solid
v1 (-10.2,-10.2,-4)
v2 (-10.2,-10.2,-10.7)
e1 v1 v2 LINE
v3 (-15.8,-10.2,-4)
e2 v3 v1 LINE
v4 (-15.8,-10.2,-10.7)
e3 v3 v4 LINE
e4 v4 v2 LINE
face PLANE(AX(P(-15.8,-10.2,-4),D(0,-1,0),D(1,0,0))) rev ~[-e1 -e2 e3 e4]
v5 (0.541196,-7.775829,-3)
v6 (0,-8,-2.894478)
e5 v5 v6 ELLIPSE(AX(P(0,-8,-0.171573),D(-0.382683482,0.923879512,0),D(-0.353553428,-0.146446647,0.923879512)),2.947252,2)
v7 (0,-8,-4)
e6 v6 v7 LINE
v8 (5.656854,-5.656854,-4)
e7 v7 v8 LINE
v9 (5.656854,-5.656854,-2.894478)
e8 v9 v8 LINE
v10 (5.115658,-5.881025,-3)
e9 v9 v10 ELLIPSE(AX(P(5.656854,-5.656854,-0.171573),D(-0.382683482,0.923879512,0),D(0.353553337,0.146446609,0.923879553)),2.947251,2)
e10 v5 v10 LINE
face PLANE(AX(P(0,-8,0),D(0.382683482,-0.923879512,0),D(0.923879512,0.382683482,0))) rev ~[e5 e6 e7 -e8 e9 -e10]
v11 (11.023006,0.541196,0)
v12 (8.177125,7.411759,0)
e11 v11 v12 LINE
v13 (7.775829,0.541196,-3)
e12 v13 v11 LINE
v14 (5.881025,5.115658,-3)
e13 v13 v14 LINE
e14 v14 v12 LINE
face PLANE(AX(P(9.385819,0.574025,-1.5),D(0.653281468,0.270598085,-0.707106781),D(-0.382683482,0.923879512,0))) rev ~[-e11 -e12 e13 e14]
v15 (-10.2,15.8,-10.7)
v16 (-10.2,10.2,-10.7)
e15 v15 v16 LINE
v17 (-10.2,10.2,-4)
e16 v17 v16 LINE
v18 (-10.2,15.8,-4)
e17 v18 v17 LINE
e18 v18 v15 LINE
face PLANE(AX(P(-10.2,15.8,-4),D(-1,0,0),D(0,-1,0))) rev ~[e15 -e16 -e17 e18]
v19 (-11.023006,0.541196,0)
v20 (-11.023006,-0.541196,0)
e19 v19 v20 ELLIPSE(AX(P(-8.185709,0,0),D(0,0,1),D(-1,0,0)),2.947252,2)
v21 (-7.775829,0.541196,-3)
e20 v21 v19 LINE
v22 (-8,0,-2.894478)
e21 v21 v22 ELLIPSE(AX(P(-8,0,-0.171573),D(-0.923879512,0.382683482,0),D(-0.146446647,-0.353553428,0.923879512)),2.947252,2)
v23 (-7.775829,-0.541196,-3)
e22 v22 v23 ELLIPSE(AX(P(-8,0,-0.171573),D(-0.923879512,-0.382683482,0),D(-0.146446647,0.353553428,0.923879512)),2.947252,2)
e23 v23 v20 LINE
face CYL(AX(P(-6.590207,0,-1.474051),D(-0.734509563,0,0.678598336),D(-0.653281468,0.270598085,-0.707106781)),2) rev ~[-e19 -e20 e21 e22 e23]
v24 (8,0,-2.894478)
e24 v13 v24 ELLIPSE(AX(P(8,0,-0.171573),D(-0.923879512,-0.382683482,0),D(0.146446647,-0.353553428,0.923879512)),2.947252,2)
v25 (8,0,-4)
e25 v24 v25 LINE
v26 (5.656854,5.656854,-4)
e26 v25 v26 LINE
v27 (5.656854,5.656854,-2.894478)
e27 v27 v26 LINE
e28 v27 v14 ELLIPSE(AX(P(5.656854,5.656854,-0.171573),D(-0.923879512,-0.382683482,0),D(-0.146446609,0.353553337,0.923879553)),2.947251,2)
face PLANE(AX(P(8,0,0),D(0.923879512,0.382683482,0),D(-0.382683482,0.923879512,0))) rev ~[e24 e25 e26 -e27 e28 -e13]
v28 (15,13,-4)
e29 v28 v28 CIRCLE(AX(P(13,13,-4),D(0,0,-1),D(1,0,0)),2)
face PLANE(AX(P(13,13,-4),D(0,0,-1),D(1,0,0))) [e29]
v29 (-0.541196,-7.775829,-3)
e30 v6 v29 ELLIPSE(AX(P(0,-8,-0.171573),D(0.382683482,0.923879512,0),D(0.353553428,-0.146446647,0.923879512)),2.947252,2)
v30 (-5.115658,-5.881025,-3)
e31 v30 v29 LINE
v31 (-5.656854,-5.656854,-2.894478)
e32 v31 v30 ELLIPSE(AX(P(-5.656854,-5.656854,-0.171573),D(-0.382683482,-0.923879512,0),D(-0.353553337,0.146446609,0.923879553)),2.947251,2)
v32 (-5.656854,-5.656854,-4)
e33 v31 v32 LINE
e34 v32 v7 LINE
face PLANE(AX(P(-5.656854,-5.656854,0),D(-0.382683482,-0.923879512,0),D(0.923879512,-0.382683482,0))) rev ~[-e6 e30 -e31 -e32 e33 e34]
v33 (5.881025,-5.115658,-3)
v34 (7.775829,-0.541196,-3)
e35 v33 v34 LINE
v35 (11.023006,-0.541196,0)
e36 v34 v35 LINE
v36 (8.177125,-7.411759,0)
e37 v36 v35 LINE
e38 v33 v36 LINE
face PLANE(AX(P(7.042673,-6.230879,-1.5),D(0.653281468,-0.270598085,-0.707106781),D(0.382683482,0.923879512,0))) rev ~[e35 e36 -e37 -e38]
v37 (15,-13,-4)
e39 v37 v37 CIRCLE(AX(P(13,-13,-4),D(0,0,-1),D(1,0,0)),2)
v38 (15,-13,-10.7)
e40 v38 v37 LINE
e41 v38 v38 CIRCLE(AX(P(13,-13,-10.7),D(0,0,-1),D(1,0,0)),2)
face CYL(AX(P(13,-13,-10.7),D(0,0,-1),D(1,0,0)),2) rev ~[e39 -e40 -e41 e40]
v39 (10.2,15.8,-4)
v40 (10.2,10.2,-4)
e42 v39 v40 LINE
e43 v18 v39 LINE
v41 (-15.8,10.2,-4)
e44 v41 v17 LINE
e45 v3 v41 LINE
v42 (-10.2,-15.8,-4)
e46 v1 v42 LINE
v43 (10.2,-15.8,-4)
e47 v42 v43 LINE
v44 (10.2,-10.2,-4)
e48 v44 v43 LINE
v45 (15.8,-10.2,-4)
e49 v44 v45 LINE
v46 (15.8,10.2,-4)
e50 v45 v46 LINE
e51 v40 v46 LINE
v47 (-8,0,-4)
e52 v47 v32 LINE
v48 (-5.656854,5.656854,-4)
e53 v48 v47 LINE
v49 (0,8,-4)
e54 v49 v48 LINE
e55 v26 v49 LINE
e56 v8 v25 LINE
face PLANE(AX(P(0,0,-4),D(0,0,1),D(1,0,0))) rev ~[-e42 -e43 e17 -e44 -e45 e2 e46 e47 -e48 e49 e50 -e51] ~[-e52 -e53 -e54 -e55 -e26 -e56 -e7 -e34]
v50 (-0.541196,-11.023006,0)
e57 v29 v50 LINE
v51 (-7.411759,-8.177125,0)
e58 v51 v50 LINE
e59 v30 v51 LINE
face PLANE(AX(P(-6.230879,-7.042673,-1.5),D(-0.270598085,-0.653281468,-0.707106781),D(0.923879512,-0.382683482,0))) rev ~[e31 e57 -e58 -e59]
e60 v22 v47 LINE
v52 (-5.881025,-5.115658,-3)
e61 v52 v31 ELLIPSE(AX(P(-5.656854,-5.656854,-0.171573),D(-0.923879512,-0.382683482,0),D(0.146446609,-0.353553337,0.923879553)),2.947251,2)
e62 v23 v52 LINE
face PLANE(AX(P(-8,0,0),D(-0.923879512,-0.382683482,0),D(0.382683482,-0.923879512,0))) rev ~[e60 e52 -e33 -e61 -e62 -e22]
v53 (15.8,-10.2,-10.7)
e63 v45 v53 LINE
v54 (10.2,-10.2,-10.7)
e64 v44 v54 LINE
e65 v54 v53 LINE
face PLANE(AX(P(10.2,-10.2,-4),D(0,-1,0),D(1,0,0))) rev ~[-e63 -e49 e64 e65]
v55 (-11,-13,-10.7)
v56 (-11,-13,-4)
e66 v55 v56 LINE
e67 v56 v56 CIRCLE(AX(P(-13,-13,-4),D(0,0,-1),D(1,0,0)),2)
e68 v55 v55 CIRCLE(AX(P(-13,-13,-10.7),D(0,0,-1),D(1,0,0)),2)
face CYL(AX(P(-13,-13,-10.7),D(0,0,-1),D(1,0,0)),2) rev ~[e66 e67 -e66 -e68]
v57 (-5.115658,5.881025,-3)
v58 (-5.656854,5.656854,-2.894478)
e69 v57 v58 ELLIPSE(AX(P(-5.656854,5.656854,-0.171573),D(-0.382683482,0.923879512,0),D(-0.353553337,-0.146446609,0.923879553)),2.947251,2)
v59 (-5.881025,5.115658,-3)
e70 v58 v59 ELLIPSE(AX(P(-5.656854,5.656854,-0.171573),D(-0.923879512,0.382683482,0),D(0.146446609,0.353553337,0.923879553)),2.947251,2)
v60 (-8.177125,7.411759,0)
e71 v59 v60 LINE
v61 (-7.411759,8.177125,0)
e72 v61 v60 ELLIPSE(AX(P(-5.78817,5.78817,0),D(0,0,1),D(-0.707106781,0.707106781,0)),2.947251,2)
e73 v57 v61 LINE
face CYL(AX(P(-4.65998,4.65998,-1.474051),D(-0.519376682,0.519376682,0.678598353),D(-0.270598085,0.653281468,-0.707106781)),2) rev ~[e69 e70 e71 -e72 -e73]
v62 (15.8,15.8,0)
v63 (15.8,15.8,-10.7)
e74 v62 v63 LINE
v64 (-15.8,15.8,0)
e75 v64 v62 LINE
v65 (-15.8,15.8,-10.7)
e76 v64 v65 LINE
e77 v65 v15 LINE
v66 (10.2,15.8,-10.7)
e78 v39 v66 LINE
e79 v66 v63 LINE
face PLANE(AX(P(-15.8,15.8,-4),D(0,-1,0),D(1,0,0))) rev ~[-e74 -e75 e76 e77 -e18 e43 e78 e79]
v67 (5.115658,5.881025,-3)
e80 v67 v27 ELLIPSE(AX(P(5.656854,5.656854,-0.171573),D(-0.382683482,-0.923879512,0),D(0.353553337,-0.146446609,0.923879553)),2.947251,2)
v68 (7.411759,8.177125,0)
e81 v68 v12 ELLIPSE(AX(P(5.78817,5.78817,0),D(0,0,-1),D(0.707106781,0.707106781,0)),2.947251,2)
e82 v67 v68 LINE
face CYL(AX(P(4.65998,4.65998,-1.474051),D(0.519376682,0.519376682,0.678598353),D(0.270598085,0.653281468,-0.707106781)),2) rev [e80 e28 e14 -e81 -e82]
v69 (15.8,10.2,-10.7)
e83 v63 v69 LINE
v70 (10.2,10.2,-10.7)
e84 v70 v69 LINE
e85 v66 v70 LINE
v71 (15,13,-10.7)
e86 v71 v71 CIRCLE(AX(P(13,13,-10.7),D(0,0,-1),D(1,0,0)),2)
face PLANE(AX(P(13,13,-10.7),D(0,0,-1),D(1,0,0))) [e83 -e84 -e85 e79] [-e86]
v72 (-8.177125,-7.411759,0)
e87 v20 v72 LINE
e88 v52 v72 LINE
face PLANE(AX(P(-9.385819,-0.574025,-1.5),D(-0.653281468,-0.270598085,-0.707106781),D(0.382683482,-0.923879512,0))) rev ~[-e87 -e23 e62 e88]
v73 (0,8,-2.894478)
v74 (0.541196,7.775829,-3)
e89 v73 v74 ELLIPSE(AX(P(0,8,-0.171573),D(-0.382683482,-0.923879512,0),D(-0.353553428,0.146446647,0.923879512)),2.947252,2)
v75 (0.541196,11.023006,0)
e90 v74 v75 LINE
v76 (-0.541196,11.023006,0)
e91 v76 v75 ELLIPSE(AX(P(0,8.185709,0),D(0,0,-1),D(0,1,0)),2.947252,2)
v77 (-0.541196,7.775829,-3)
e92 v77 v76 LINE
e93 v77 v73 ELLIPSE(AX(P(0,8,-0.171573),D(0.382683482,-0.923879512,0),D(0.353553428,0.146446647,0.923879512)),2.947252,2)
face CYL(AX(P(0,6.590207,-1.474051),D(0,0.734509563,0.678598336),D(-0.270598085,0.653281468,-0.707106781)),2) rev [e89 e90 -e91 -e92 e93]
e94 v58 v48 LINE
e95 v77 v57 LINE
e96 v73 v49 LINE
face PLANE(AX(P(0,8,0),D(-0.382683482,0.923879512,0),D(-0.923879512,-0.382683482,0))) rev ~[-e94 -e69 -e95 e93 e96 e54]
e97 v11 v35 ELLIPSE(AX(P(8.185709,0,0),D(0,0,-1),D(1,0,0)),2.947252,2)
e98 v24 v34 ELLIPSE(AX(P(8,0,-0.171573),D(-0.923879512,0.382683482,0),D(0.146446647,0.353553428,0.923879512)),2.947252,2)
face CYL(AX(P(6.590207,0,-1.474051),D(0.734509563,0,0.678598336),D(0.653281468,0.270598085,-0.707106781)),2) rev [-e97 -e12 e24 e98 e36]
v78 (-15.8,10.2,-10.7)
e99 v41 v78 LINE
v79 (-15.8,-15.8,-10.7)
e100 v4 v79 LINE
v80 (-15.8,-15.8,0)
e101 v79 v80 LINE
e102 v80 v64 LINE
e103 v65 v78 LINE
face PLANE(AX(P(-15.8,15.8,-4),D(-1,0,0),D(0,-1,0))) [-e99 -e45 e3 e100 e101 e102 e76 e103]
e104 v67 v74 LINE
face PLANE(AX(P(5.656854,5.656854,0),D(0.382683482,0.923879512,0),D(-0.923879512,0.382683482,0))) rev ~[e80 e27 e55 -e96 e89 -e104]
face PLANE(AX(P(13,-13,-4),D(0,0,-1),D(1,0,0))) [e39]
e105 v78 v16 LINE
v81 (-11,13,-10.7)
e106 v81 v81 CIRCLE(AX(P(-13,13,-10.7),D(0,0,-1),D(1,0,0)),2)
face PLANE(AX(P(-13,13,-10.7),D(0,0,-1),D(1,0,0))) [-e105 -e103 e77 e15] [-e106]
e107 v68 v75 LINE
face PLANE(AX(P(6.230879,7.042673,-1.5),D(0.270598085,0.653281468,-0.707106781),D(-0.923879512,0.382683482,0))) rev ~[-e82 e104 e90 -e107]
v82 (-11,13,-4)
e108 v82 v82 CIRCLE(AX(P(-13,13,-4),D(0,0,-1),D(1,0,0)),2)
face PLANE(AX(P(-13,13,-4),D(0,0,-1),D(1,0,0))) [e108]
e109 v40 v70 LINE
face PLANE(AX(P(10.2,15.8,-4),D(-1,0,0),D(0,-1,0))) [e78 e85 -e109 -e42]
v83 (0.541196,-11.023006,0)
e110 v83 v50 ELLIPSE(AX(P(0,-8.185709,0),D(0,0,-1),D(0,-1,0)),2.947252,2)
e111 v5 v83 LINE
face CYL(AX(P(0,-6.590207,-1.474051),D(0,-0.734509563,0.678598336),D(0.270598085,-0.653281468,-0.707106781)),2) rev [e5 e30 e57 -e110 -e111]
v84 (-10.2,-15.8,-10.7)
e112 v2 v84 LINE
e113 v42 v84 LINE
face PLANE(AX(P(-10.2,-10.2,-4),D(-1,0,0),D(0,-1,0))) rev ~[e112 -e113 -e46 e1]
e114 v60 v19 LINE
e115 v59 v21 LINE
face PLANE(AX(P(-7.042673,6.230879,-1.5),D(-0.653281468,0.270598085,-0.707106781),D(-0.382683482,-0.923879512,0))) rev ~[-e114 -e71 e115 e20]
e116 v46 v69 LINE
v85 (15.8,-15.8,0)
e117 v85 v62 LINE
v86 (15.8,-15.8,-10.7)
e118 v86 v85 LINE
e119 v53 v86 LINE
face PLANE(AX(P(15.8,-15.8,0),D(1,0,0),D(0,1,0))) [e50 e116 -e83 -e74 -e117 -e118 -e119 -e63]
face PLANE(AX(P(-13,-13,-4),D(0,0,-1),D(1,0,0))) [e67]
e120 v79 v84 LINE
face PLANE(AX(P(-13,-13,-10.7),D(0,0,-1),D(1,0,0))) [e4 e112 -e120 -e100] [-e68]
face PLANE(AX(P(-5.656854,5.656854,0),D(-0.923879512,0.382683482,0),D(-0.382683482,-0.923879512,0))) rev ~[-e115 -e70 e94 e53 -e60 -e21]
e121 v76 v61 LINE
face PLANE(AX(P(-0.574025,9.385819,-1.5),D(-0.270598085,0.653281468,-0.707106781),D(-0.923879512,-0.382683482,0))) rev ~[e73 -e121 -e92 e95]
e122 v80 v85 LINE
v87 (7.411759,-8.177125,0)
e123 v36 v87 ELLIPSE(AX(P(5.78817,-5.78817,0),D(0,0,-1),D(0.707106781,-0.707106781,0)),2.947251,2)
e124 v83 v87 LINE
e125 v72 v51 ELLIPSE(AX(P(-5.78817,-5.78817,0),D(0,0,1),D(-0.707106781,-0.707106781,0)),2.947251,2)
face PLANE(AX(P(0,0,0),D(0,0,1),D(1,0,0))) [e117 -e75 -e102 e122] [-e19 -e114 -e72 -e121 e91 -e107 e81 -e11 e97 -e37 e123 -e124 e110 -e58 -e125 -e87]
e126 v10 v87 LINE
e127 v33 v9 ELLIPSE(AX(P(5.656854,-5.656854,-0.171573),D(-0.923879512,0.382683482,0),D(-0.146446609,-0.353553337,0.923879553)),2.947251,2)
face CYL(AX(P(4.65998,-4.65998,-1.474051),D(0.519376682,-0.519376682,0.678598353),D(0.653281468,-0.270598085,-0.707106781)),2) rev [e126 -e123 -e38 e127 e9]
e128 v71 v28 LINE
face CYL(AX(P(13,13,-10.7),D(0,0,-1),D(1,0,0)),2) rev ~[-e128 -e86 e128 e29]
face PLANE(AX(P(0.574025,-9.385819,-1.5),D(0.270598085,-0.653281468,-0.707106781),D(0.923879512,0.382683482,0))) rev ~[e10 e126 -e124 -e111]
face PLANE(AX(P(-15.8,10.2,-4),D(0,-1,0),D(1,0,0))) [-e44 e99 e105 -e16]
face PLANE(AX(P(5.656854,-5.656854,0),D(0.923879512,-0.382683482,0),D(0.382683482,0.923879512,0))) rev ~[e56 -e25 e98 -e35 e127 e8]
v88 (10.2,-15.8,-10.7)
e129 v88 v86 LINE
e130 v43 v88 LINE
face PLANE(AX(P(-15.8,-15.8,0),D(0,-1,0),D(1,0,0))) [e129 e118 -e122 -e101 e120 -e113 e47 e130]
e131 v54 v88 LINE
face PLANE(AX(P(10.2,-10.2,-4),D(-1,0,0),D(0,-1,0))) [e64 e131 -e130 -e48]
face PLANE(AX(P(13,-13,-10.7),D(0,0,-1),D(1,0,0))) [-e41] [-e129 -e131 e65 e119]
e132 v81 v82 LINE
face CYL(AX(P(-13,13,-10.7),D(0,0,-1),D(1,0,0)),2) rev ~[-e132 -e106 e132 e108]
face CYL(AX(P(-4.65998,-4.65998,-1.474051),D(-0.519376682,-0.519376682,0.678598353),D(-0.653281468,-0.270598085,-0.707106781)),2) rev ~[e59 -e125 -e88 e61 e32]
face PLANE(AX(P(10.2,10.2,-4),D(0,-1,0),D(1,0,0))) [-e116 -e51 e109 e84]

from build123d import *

# Parameters (mm, degrees)
SKETCH020_W     = 31.6
SKETCH020_H     = 31.6
PAD010_DEPTH    = 4
CHAMFER_SIZE    = 3
FILLET011_R     = 2
SKETCH021_W     = 5.6
SKETCH021_H     = 5.6
PAD011_DEPTH    = 6.7
SKETCH022_R     = 2
POCKET004_DEPTH = 6.7


with BuildPart() as part:
    # Sketch020 → Pad010 (new body)
    with BuildSketch(Plane.XY):
        Rectangle(SKETCH020_W, SKETCH020_H)
        Polygon((0, 8), (-5.656854, 5.656854), (-8, 0), (-5.656854, -5.656854), (0, -8), (5.656854, -5.656854), (8, 0), (5.656854, 5.656854), align=None, mode=Mode.SUBTRACT)
    extrude(amount=-PAD010_DEPTH)

    # Chamfer
    chamfer_edges = [part.edges().sort_by_distance(p)[0] for p in [
        (2.828427, 6.828427, 0),
        (6.828427, 2.828427, 0),
        (6.828427, -2.828427, 0),
        (2.828427, -6.828427, 0),
        (-2.828427, -6.828427, 0),
        (-6.828427, -2.828427, 0),
        (-6.828427, 2.828427, 0),
        (-2.828427, 6.828427, 0),
    ]]
    chamfer(chamfer_edges, length=CHAMFER_SIZE)

    # Fillet011
    fillet011_edges = [part.edges().sort_by_distance(p)[0] for p in [
        (-6.804905, 6.804905, -1.5),
        (0, 9.623588, -1.5),
        (6.804905, 6.804905, -1.5),
        (9.623588, 0, -1.5),
        (-6.804905, -6.804905, -1.5),
        (-9.623588, 0, -1.5),
        (0, -9.623588, -1.5),
        (6.804905, -6.804905, -1.5),
    ]]
    fillet(fillet011_edges, radius=FILLET011_R)

    # Sketch021 (on Face4 of Fillet011) → Pad011 (join)
    with BuildSketch(Plane(origin=(0, 0, -4), x_dir=(1, 0, 0), z_dir=(0, 0, -1))):
        with Locations((-13, -13)):
            Rectangle(SKETCH021_W, SKETCH021_H)
        with Locations((13, -13)):
            Rectangle(SKETCH021_W, SKETCH021_H)
        with Locations((13, 13)):
            Rectangle(SKETCH021_W, SKETCH021_H)
        with Locations((-13, 13)):
            Rectangle(SKETCH021_W, SKETCH021_H)
    extrude(amount=PAD011_DEPTH)

    # Sketch022 (on Face43 of Pad011) → Pocket004 (cut)
    with BuildSketch(Plane(origin=(0, 0, -10.7), x_dir=(1, 0, 0), z_dir=(0, 0, -1))):
        with Locations((-13, 13)):
            Circle(SKETCH022_R)
        with Locations((13, 13)):
            Circle(SKETCH022_R)
        with Locations((13, -13)):
            Circle(SKETCH022_R)
        with Locations((-13, -13)):
            Circle(SKETCH022_R)
    extrude(amount=-POCKET004_DEPTH, mode=Mode.SUBTRACT)


solid = part.part
